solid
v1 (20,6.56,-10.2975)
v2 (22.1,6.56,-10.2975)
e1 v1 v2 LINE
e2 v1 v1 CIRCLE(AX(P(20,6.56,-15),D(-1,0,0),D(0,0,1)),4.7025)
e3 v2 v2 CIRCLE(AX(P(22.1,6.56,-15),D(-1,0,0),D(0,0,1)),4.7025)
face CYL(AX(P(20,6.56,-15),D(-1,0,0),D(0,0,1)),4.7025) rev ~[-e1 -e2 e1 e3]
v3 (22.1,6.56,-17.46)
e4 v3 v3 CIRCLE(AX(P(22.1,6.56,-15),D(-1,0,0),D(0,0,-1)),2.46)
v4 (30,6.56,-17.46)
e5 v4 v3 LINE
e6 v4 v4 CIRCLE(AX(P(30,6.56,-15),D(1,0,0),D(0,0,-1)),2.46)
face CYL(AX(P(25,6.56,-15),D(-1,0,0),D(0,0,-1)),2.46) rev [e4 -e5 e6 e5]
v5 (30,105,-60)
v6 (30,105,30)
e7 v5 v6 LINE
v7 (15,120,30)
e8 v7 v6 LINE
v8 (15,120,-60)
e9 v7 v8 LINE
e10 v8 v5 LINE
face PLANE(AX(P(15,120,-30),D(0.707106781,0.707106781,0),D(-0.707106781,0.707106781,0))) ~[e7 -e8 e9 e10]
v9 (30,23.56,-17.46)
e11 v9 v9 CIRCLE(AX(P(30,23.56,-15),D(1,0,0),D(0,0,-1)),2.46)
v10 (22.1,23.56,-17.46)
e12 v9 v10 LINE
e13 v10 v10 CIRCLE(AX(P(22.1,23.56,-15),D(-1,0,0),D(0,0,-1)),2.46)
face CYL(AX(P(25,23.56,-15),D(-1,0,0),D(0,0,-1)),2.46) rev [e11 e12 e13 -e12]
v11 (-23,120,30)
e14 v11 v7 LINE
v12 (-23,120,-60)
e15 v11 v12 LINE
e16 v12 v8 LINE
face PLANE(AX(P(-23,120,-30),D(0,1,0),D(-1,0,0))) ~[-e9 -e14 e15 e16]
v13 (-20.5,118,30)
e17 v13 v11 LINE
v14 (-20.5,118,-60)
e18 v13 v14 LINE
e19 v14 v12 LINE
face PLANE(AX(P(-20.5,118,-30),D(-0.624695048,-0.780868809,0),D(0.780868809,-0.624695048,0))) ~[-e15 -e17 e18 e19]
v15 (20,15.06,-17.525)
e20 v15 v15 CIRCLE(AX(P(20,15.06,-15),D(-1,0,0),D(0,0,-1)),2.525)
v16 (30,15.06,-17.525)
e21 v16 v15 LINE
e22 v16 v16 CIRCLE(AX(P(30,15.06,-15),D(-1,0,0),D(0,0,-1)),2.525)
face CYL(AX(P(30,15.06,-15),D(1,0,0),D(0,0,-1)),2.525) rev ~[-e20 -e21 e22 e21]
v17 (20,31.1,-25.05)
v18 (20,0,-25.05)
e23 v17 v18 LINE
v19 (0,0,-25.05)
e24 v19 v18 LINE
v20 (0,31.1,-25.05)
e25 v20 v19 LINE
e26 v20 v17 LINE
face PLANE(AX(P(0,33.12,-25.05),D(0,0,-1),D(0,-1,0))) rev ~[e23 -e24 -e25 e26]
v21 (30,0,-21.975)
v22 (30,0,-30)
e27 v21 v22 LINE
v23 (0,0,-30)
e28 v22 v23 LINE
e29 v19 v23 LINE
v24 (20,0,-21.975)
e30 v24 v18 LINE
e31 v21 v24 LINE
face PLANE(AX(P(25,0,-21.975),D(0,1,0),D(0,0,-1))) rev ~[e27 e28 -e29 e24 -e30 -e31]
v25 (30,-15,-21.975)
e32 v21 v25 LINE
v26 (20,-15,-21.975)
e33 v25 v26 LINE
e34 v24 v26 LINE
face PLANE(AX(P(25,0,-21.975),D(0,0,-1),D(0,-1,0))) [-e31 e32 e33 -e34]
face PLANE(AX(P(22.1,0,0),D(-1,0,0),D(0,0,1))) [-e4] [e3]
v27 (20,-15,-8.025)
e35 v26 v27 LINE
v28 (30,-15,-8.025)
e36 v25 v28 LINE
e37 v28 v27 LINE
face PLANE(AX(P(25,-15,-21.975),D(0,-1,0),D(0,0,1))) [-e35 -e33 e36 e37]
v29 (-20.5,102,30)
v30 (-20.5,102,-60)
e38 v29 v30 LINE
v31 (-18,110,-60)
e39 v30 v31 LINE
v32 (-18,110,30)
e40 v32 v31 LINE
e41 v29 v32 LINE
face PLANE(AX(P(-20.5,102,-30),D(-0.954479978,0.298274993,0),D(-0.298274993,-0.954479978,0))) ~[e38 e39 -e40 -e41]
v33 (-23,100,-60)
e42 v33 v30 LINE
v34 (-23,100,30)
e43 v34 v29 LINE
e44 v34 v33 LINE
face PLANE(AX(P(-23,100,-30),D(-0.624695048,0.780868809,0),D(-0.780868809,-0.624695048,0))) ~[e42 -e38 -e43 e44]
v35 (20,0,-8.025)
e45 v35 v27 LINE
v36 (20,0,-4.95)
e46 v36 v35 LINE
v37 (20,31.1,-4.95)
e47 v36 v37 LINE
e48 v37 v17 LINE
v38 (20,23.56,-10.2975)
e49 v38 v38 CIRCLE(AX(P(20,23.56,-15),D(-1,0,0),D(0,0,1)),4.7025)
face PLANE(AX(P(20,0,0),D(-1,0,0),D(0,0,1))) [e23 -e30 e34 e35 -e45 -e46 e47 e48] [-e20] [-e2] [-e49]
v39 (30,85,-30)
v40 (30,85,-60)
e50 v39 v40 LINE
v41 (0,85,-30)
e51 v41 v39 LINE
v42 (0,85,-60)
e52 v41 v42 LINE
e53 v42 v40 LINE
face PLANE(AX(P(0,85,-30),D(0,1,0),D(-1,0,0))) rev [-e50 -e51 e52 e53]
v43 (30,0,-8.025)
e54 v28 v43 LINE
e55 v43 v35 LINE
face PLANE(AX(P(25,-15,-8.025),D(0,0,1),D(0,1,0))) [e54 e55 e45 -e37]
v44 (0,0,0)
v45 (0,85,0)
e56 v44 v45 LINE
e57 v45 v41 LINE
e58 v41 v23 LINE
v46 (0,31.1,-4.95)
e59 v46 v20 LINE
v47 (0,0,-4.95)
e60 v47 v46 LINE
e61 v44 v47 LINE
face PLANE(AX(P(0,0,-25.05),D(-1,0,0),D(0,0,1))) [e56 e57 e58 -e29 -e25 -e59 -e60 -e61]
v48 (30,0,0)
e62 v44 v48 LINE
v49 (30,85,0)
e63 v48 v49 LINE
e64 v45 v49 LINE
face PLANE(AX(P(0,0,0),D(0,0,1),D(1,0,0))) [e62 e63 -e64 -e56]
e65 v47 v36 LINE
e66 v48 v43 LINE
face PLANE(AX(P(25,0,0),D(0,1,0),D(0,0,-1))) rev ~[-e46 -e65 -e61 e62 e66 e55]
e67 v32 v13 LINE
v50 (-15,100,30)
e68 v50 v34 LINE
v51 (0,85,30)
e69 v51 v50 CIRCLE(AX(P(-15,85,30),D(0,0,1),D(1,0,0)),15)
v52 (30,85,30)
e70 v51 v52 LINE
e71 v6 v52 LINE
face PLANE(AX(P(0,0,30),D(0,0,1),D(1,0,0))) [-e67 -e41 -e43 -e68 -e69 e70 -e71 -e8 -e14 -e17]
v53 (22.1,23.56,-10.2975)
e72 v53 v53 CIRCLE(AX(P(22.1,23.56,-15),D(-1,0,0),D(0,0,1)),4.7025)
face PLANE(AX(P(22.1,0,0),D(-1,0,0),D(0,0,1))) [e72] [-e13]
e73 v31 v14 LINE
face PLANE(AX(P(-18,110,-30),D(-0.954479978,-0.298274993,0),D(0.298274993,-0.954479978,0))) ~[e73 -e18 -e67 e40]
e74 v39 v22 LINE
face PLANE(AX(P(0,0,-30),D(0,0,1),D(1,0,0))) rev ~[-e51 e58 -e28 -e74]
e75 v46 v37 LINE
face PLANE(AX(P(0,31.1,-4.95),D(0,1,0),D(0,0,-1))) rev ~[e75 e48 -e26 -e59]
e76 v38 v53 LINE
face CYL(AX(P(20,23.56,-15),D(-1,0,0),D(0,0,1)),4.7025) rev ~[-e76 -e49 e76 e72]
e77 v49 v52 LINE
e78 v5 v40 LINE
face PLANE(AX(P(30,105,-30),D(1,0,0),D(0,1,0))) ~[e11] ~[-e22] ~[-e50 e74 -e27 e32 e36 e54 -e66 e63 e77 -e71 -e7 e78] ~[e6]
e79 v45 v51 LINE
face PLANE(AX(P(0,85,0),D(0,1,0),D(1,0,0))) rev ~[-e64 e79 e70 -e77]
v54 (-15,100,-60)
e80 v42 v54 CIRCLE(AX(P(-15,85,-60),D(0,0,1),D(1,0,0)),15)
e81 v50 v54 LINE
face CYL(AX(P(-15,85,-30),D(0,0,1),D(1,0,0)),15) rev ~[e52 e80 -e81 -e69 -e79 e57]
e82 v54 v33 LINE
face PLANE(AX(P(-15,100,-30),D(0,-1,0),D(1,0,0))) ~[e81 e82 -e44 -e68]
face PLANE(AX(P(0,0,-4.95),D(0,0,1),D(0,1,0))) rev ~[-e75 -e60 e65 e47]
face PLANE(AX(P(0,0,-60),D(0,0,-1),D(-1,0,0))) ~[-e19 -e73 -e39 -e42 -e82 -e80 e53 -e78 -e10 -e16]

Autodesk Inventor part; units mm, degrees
ref_plane "YZ Plane" through (0, 0, 0) normal (1, 0, 0) x (0, 1, 0)
ref_plane "XZ Plane" through (0, 0, 0) normal (0, 1, 0) x (-1, 0, 0)
sketch "Sketch1" plane through (0, 0, 0) normal (0, 0, 1) x (1, 0, 0)
  line L0 (0, 0) -> (25, 0)
  line L1 (25, 0) -> (25, 40)
  line L2 (25, 40) -> (0, 40)
  line L3 (0, 40) -> (0, 0)
  dimension "d1" = 25
  dimension "d2" = 40
  dimension "d3" = 25
extrude "Extrusion1" add sketch "Sketch1" against normal blind 30
sketch "Sketch2" plane through (25, 0, 0) normal (1, 0, 0) x (0, 0, -1)
  line L0 (0, 0) -> (30, 0) projected
  circle A0 centre (15, 6.56) radius 2.46
extrude "Extrusion2" cut sketch "Sketch2" against normal blind 30
sketch "Sketch3" plane through (0, 0, 0) normal (-1, 0, 0) x (0, 0, 1)
  line L0 (0, 0) -> (-30, 0) projected
  line L1 (-25.05, 0) -> (-4.95, 0)
  line L2 (-4.95, 0) -> (-4.95, 33.12)
  line L3 (-4.95, 33.12) -> (-25.05, 33.12)
  line L4 (-25.05, 33.12) -> (-25.05, 0)
  dimension "d11" = 20.1
extrude "Extrusion3" cut sketch "Sketch3" against normal blind 20
sketch "Sketch4" plane through (0, 0, 0) normal (0, -1, 0) x (1, 0, 0)
  line L0 (20, -4.95) -> (20, -25.05) projected
  line L1 (20, -15) -> (25, -15)
  line L2 (25, 0) -> (25, -30) projected
  line L3 (20, -8.025) -> (25, -8.025)
  line L4 (25, -8.025) -> (25, -21.975)
  line L5 (25, -21.975) -> (20, -21.975)
  line L6 (20, -21.975) -> (20, -8.025)
  line L7 (20, -8.025) -> (25, -21.975) construction
  line L8 (25, -8.025) -> (20, -21.975) construction
  line L9 (25, -12.54) -> (25, -17.46) projected
  point P0 (0, 0)
  point P1 (22.5, -15)
  dimension "d14" = 13.95
extrude "Extrusion4" add sketch "Sketch4" along normal blind 15
sketch "Sketch5" plane through (20, 0, 0) normal (-1, 0, 0) x (0, 0, 1)
  circle A0 centre (-15, 6.56) radius 2.46 projected
  circle A1 centre (-15, 6.56) radius 4.7025
  circle A2 centre (-15, 6.56) radius 2.46 projected
  circle A3 centre (-15, 6.56) radius 2.46
  point P0 (0, 0)
  dimension "d17" = 9.405
extrude "Extrusion5" cut sketch "Sketch5" against normal blind 2.1
sketch "Sketch6" plane through (25, 0, 0) normal (1, 0, 0) x (0, 0, -1)
  circle A0 centre (15, 6.56) radius 4.7025 projected
  line L0 (15, 6.56) -> (15, 23.56)
  circle A1 centre (15, 23.56) radius 2.46
  point P0 (0, 0)
  dimension "d20" = 17
  dimension "d21" = 4.92
extrude "Extrusion6" cut sketch "Sketch6" against normal blind 10 contours A1
sketch "Sketch7" plane through (20, 0, 0) normal (-1, 0, 0) x (0, 0, 1)
  circle A0 centre (-15, 23.56) radius 2.46 projected
  circle A1 centre (-15, 23.56) radius 4.7025
  point P0 (0, 0)
  dimension "d24" = 9.405
extrude "Extrusion7" cut sketch "Sketch7" against normal blind 2.1
sketch "Sketch9" plane through (25, 0, 0) normal (1, 0, 0) x (0, 0, -1)
  circle A0 centre (15, 6.56) radius 2.46 projected
  circle A1 centre (15, 6.56) radius 2.46
  circle A2 centre (15, 23.56) radius 2.46 projected
  circle A3 centre (15, 23.56) radius 2.46
  line L0 (30, 40) -> (30, 0) projected
  line L1 (30, 0) -> (30, 40)
  line L2 (30, 40) -> (0, 40)
  line L3 (0, 40) -> (0, 0)
  line L4 (0, 0) -> (8.025, 0) projected
  line L5 (21.975, 0) -> (21.975, -15)
  line L6 (21.975, -15) -> (8.025, -15)
  line L7 (8.025, -15) -> (8.025, 0)
  line L8 (0, 0) -> (8.025, 0)
  line L9 (21.975, 0) -> (30, 0)
extrude "Extrusion8" add sketch "Sketch9" along normal blind 5
sketch "Sketch10" plane through (0, 40, 0) normal (0, 1, 0) x (1, 0, 0)
  line L0 (0, 30) -> (30, 30) projected
  line L1 (30, 0) -> (0, 0) projected
  line L2 (0, 30) -> (30, 30)
  line L3 (30, 30) -> (30, 0)
  line L4 (30, 0) -> (0, 0)
  line L5 (0, 0) -> (0, 30)
extrude "Extrusion9" add sketch "Sketch10" along normal blind 30
sketch "Sketch12" plane through (30, 0, 0) normal (1, 0, 0) x (0, 0, -1)
  circle A0 centre (15, 6.56) radius 2.46 projected
  line L0 (15, 6.56) -> (15, 15.06)
  circle A1 centre (15, 15.06) radius 2.525
  point P0 (0, 0)
  dimension "d31" = 8.5
  dimension "d33" = 5.05
extrude "Extrusion10" cut sketch "Sketch12" against normal blind 30 contours A1
sketch "Sketch14" plane through (0, 0, 0) normal (0, 0, 1) x (1, 0, 0)
  line L0 (30, 70) -> (0, 70) projected
  line L1 (0, 70) -> (0, 85)
  line L2 (-15, 100) -> (-23, 100)
  line L3 (30, 0) -> (30, 70) projected
  line L4 (30, 100) -> (30, 70)
  arc A0 (0, 85) -> (-15, 100) centre (-15, 85) ccw
  line L5 (-23, 120) -> (15, 120)
  line L6 (-20.5, 118) -> (-18, 110)
  line L7 (-20.5, 118) -> (-23, 120)
  line L8 (-20.5, 102) -> (-18, 110)
  line L9 (-20.5, 102) -> (-23, 100)
  line L10 (30, 105) -> (15, 120)
  line L11 (30, 105) -> (30, 100)
  point P0 (0, 0)
  point P1 (0, 100)
  dimension "d47" = 30
  dimension "d54" = 15
  dimension "d60" = 20
extrude "Extrusion12" add sketch "Sketch14" against normal blind 30
sketch "Sketch15" plane through (0, 0, -25.05) normal (-1, 0, 0) x (0, 0, 1)
  line L0 (0, 33.12) -> (20.1, 33.12) projected
  line L1 (20.1, 33.12) -> (20.1, 0) projected
  line L2 (0, 33.12) -> (20.1, 33.12)
  line L3 (20.1, 33.12) -> (20.1, 31.1)
  line L4 (20.1, 31.1) -> (0, 31.1)
  line L5 (0, 31.1) -> (0, 33.12)
  point P0 (25.05, 0)
  dimension "d57" = 2.02
extrude "Extrusion13" add sketch "Sketch15" against normal blind 20
sketch "Sketch19" plane through (0, 0, 0) normal (0, 0, 1) x (1, 0, 0)
  arc A0 (0, 85) -> (-15, 100) centre (-15, 85) ccw projected
  arc A1 (0, 85) -> (-15, 100) centre (-15, 85) ccw
  line L0 (-15, 100) -> (-23, 100) projected
  line L1 (-15, 100) -> (-23, 100)
  line L2 (-23, 100) -> (-20.5, 102) projected
  line L3 (-23, 100) -> (-20.5, 102)
  line L4 (-20.5, 102) -> (-18, 110) projected
  line L5 (-20.5, 102) -> (-18, 110)
  line L6 (-18, 110) -> (-20.5, 118) projected
  line L7 (-18, 110) -> (-20.5, 118)
  line L8 (-23, 120) -> (15, 120) projected
  line L9 (-20.5, 118) -> (-23, 120)
  line L10 (-23, 120) -> (15, 120)
  line L11 (15, 120) -> (30, 105) projected
  line L12 (15, 120) -> (30, 105)
  line L13 (30, 105) -> (30, 85)
  line L14 (30, 0) -> (30, 105) projected
  line L15 (0, 85) -> (30, 85)
  point P0 (0, 0)
extrude "Extrusion14" add sketch "Sketch19" along normal blind 30
ref_plane "Work Plane1" through (0, 0, -15) normal (0, 0, 1) x (1, 0, 0)
mirror "Mirror1" about plane through (0, 0, -15) normal (0, 0, 1) of "Extrusion14"
properties part number "16mm_x_90mm"
